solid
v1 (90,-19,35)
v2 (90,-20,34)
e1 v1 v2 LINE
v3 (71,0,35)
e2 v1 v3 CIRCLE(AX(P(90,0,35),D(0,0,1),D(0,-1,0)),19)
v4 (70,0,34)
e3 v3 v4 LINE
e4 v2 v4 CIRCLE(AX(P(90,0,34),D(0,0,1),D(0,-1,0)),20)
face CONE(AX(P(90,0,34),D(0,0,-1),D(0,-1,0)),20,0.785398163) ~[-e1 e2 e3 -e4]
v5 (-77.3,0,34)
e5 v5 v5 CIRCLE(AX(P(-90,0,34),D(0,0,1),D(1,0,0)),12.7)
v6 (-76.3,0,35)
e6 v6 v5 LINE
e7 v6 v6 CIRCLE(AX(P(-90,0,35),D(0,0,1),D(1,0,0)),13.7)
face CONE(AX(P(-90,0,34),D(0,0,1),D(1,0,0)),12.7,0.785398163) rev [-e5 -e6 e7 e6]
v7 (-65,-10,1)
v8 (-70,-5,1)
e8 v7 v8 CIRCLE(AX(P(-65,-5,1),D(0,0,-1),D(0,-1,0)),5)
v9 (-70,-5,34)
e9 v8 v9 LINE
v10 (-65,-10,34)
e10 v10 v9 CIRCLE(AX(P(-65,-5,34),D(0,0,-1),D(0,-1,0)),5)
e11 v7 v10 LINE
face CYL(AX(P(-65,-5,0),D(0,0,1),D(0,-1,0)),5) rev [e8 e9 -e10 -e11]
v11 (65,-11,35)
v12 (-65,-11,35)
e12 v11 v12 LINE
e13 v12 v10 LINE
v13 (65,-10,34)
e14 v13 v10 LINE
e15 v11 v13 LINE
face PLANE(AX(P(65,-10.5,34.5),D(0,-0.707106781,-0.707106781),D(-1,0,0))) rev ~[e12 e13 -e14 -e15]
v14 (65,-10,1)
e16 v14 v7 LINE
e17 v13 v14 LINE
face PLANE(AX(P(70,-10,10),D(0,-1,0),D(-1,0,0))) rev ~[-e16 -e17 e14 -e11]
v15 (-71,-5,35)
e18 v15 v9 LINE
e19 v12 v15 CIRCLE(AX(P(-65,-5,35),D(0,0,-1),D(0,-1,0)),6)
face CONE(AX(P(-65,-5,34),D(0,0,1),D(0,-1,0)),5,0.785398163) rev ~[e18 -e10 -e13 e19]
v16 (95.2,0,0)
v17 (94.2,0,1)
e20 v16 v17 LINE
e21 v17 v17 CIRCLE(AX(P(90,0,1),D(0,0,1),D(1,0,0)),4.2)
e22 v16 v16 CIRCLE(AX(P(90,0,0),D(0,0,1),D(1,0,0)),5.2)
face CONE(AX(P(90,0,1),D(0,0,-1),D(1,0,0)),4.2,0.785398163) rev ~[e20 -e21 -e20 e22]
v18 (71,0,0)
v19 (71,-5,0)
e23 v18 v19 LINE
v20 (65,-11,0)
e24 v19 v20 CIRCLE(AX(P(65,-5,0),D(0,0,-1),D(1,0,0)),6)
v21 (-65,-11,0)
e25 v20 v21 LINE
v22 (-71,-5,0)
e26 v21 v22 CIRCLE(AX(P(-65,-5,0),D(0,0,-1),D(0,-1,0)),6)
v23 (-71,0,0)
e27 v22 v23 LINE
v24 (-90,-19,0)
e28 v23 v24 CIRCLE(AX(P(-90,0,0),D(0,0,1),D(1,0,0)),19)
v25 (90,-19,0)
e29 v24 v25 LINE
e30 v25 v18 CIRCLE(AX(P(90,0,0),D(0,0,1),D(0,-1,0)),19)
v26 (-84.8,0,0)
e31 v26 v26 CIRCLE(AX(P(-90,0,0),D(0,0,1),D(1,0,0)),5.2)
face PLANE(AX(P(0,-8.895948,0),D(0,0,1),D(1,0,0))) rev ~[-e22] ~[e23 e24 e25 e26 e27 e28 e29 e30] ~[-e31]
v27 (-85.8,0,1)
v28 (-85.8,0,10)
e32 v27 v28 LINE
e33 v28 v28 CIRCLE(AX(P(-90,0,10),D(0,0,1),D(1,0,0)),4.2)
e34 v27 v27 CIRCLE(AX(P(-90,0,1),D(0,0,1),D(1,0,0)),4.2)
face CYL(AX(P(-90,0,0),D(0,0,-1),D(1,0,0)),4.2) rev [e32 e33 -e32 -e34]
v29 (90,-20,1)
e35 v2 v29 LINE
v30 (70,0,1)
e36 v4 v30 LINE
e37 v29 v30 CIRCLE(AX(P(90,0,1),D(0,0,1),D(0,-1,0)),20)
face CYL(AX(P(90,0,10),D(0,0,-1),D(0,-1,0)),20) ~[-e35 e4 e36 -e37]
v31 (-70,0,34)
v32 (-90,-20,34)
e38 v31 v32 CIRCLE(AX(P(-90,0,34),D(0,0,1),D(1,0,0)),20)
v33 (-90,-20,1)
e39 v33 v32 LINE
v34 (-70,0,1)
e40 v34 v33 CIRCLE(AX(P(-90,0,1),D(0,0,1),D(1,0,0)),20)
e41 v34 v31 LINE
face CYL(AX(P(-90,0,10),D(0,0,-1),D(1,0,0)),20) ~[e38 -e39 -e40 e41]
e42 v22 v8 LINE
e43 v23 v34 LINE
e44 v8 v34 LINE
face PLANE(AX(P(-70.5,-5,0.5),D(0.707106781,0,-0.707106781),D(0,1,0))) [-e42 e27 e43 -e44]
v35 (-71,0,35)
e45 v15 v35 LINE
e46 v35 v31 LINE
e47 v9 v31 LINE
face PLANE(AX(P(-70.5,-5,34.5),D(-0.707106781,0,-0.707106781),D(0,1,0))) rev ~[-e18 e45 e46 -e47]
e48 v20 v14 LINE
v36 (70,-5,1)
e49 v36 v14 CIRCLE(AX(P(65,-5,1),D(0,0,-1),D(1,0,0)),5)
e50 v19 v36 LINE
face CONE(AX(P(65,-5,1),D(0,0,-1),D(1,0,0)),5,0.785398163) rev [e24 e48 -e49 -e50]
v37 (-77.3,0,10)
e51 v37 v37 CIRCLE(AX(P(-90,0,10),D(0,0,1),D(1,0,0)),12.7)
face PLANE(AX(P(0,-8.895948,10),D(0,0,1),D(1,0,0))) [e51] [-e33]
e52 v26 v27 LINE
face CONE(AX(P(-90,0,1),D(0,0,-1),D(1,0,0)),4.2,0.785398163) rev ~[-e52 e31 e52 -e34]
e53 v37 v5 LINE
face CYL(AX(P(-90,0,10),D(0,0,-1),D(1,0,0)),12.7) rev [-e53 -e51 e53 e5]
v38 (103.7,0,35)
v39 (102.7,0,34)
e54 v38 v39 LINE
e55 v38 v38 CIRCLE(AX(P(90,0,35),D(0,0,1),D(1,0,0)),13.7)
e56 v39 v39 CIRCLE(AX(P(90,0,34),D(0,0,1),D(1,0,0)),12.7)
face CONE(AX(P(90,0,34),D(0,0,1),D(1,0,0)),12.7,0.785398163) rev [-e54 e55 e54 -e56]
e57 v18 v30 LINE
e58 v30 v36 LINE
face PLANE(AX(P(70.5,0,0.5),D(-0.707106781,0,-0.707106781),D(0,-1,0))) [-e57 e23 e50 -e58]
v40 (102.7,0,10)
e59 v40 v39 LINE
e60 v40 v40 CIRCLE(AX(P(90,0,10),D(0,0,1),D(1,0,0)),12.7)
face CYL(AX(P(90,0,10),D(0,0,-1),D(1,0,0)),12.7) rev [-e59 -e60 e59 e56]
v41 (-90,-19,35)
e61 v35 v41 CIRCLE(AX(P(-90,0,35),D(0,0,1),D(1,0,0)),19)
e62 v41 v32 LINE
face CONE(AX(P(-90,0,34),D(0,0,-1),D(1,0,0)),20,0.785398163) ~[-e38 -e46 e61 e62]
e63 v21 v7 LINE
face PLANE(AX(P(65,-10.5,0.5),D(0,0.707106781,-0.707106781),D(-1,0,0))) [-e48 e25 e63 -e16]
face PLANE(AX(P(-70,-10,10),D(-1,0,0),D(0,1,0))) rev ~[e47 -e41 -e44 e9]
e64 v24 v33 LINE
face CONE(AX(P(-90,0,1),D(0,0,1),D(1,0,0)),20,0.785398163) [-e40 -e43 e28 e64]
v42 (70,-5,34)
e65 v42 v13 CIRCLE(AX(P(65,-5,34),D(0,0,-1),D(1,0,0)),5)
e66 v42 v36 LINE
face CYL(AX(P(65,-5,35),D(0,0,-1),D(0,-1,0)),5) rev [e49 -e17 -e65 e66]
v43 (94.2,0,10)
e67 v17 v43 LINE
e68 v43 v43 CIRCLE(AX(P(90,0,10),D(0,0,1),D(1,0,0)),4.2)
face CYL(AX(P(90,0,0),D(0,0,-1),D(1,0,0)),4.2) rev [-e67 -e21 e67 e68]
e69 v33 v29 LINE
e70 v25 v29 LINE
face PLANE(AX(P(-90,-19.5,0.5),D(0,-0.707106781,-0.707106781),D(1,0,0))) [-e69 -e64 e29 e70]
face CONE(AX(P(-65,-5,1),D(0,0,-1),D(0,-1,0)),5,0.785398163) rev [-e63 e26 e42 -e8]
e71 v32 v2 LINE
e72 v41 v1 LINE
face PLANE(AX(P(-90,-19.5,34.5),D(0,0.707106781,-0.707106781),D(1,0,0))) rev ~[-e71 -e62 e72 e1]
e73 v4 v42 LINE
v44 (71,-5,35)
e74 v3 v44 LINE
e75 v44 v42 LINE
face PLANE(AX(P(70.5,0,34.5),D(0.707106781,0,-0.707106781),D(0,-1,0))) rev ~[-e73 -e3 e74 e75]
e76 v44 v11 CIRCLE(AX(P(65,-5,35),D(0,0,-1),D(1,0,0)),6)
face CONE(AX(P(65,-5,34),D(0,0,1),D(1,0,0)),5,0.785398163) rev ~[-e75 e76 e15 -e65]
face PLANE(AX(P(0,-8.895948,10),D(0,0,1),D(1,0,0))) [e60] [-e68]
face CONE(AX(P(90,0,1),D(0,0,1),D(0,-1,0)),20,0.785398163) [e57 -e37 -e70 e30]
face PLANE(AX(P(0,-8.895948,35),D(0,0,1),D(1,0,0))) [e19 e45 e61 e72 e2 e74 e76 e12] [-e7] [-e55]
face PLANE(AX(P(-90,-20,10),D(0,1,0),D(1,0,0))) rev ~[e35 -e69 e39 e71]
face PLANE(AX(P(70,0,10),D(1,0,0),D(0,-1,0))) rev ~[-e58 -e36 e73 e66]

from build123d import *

# Parameters (mm, degrees)
F0_R     = 4.2
F1_DEPTH = 10
F2_R     = 12.7
F3_DEPTH = 25
F4_R     = 5
F5_SIZE  = 1


with BuildPart() as f1:
    # F0 (on Top) → F1 (new body)
    with BuildSketch(Plane.XY):
        with BuildLine():
            Line((-70, -10), (-70, 0))
            ThreePointArc((-70, 0), (-104.1421356237, 14.1421356237), (-90, -20))
            Line((-90, -20), (90, -20))
            ThreePointArc((90, -20), (104.1421356237, 14.1421356237), (70, 0))
            Line((70, 0), (70, -10))
            Line((70, -10), (-70, -10))
        make_face()
        with Locations((-90, 0)):
            Circle(F0_R, mode=Mode.SUBTRACT)
        with Locations((90, 0)):
            Circle(F0_R, mode=Mode.SUBTRACT)
    extrude(amount=F1_DEPTH)

    # F2 (on face) → F3 (join)
    with BuildSketch(Plane.XY.offset(10)):
        with BuildLine():
            Line((70, -10), (-70, -10))
            Line((-70, -10), (-70, 0))
            ThreePointArc((-70, 0), (-104.1421356237, 14.1421356237), (-90, -20))
            Line((-90, -20), (90, -20))
            ThreePointArc((90, -20), (104.1421356237, 14.1421356237), (70, 0))
            Line((70, 0), (70, -10))
        make_face()
        with Locations((-90, 0)):
            Circle(F2_R, mode=Mode.SUBTRACT)
        with Locations((90, 0)):
            Circle(F2_R, mode=Mode.SUBTRACT)
    extrude(amount=F3_DEPTH)

    # F4
    f4_edges = [f1.edges().sort_by_distance(p)[0] for p in [
        (-70, -10, 17.5),
        (70, -10, 17.5),
    ]]
    fillet(f4_edges, radius=F4_R)

    # F5
    f5_edges = [f1.edges().sort_by_distance(p)[0] for p in [
        (-70, -2.5, 0),
        (-68.535534, -8.535534, 0),
        (-104.142136, 14.142136, 0),
        (0, -10, 0),
        (0, -20, 0),
        (68.535534, -8.535534, 0),
        (104.142136, 14.142136, 0),
        (70, -2.5, 0),
        (-94.2, 0, 0),
        (85.8, 0, 0),
        (70, -2.5, 35),
        (68.535534, -8.535534, 35),
        (104.142136, 14.142136, 35),
        (0, -10, 35),
        (0, -20, 35),
        (-68.535534, -8.535534, 35),
        (-104.142136, 14.142136, 35),
        (-70, -2.5, 35),
        (-102.7, 0, 35),
        (77.3, 0, 35),
    ]]
    chamfer(f5_edges, length=F5_SIZE)


solid = f1.part
